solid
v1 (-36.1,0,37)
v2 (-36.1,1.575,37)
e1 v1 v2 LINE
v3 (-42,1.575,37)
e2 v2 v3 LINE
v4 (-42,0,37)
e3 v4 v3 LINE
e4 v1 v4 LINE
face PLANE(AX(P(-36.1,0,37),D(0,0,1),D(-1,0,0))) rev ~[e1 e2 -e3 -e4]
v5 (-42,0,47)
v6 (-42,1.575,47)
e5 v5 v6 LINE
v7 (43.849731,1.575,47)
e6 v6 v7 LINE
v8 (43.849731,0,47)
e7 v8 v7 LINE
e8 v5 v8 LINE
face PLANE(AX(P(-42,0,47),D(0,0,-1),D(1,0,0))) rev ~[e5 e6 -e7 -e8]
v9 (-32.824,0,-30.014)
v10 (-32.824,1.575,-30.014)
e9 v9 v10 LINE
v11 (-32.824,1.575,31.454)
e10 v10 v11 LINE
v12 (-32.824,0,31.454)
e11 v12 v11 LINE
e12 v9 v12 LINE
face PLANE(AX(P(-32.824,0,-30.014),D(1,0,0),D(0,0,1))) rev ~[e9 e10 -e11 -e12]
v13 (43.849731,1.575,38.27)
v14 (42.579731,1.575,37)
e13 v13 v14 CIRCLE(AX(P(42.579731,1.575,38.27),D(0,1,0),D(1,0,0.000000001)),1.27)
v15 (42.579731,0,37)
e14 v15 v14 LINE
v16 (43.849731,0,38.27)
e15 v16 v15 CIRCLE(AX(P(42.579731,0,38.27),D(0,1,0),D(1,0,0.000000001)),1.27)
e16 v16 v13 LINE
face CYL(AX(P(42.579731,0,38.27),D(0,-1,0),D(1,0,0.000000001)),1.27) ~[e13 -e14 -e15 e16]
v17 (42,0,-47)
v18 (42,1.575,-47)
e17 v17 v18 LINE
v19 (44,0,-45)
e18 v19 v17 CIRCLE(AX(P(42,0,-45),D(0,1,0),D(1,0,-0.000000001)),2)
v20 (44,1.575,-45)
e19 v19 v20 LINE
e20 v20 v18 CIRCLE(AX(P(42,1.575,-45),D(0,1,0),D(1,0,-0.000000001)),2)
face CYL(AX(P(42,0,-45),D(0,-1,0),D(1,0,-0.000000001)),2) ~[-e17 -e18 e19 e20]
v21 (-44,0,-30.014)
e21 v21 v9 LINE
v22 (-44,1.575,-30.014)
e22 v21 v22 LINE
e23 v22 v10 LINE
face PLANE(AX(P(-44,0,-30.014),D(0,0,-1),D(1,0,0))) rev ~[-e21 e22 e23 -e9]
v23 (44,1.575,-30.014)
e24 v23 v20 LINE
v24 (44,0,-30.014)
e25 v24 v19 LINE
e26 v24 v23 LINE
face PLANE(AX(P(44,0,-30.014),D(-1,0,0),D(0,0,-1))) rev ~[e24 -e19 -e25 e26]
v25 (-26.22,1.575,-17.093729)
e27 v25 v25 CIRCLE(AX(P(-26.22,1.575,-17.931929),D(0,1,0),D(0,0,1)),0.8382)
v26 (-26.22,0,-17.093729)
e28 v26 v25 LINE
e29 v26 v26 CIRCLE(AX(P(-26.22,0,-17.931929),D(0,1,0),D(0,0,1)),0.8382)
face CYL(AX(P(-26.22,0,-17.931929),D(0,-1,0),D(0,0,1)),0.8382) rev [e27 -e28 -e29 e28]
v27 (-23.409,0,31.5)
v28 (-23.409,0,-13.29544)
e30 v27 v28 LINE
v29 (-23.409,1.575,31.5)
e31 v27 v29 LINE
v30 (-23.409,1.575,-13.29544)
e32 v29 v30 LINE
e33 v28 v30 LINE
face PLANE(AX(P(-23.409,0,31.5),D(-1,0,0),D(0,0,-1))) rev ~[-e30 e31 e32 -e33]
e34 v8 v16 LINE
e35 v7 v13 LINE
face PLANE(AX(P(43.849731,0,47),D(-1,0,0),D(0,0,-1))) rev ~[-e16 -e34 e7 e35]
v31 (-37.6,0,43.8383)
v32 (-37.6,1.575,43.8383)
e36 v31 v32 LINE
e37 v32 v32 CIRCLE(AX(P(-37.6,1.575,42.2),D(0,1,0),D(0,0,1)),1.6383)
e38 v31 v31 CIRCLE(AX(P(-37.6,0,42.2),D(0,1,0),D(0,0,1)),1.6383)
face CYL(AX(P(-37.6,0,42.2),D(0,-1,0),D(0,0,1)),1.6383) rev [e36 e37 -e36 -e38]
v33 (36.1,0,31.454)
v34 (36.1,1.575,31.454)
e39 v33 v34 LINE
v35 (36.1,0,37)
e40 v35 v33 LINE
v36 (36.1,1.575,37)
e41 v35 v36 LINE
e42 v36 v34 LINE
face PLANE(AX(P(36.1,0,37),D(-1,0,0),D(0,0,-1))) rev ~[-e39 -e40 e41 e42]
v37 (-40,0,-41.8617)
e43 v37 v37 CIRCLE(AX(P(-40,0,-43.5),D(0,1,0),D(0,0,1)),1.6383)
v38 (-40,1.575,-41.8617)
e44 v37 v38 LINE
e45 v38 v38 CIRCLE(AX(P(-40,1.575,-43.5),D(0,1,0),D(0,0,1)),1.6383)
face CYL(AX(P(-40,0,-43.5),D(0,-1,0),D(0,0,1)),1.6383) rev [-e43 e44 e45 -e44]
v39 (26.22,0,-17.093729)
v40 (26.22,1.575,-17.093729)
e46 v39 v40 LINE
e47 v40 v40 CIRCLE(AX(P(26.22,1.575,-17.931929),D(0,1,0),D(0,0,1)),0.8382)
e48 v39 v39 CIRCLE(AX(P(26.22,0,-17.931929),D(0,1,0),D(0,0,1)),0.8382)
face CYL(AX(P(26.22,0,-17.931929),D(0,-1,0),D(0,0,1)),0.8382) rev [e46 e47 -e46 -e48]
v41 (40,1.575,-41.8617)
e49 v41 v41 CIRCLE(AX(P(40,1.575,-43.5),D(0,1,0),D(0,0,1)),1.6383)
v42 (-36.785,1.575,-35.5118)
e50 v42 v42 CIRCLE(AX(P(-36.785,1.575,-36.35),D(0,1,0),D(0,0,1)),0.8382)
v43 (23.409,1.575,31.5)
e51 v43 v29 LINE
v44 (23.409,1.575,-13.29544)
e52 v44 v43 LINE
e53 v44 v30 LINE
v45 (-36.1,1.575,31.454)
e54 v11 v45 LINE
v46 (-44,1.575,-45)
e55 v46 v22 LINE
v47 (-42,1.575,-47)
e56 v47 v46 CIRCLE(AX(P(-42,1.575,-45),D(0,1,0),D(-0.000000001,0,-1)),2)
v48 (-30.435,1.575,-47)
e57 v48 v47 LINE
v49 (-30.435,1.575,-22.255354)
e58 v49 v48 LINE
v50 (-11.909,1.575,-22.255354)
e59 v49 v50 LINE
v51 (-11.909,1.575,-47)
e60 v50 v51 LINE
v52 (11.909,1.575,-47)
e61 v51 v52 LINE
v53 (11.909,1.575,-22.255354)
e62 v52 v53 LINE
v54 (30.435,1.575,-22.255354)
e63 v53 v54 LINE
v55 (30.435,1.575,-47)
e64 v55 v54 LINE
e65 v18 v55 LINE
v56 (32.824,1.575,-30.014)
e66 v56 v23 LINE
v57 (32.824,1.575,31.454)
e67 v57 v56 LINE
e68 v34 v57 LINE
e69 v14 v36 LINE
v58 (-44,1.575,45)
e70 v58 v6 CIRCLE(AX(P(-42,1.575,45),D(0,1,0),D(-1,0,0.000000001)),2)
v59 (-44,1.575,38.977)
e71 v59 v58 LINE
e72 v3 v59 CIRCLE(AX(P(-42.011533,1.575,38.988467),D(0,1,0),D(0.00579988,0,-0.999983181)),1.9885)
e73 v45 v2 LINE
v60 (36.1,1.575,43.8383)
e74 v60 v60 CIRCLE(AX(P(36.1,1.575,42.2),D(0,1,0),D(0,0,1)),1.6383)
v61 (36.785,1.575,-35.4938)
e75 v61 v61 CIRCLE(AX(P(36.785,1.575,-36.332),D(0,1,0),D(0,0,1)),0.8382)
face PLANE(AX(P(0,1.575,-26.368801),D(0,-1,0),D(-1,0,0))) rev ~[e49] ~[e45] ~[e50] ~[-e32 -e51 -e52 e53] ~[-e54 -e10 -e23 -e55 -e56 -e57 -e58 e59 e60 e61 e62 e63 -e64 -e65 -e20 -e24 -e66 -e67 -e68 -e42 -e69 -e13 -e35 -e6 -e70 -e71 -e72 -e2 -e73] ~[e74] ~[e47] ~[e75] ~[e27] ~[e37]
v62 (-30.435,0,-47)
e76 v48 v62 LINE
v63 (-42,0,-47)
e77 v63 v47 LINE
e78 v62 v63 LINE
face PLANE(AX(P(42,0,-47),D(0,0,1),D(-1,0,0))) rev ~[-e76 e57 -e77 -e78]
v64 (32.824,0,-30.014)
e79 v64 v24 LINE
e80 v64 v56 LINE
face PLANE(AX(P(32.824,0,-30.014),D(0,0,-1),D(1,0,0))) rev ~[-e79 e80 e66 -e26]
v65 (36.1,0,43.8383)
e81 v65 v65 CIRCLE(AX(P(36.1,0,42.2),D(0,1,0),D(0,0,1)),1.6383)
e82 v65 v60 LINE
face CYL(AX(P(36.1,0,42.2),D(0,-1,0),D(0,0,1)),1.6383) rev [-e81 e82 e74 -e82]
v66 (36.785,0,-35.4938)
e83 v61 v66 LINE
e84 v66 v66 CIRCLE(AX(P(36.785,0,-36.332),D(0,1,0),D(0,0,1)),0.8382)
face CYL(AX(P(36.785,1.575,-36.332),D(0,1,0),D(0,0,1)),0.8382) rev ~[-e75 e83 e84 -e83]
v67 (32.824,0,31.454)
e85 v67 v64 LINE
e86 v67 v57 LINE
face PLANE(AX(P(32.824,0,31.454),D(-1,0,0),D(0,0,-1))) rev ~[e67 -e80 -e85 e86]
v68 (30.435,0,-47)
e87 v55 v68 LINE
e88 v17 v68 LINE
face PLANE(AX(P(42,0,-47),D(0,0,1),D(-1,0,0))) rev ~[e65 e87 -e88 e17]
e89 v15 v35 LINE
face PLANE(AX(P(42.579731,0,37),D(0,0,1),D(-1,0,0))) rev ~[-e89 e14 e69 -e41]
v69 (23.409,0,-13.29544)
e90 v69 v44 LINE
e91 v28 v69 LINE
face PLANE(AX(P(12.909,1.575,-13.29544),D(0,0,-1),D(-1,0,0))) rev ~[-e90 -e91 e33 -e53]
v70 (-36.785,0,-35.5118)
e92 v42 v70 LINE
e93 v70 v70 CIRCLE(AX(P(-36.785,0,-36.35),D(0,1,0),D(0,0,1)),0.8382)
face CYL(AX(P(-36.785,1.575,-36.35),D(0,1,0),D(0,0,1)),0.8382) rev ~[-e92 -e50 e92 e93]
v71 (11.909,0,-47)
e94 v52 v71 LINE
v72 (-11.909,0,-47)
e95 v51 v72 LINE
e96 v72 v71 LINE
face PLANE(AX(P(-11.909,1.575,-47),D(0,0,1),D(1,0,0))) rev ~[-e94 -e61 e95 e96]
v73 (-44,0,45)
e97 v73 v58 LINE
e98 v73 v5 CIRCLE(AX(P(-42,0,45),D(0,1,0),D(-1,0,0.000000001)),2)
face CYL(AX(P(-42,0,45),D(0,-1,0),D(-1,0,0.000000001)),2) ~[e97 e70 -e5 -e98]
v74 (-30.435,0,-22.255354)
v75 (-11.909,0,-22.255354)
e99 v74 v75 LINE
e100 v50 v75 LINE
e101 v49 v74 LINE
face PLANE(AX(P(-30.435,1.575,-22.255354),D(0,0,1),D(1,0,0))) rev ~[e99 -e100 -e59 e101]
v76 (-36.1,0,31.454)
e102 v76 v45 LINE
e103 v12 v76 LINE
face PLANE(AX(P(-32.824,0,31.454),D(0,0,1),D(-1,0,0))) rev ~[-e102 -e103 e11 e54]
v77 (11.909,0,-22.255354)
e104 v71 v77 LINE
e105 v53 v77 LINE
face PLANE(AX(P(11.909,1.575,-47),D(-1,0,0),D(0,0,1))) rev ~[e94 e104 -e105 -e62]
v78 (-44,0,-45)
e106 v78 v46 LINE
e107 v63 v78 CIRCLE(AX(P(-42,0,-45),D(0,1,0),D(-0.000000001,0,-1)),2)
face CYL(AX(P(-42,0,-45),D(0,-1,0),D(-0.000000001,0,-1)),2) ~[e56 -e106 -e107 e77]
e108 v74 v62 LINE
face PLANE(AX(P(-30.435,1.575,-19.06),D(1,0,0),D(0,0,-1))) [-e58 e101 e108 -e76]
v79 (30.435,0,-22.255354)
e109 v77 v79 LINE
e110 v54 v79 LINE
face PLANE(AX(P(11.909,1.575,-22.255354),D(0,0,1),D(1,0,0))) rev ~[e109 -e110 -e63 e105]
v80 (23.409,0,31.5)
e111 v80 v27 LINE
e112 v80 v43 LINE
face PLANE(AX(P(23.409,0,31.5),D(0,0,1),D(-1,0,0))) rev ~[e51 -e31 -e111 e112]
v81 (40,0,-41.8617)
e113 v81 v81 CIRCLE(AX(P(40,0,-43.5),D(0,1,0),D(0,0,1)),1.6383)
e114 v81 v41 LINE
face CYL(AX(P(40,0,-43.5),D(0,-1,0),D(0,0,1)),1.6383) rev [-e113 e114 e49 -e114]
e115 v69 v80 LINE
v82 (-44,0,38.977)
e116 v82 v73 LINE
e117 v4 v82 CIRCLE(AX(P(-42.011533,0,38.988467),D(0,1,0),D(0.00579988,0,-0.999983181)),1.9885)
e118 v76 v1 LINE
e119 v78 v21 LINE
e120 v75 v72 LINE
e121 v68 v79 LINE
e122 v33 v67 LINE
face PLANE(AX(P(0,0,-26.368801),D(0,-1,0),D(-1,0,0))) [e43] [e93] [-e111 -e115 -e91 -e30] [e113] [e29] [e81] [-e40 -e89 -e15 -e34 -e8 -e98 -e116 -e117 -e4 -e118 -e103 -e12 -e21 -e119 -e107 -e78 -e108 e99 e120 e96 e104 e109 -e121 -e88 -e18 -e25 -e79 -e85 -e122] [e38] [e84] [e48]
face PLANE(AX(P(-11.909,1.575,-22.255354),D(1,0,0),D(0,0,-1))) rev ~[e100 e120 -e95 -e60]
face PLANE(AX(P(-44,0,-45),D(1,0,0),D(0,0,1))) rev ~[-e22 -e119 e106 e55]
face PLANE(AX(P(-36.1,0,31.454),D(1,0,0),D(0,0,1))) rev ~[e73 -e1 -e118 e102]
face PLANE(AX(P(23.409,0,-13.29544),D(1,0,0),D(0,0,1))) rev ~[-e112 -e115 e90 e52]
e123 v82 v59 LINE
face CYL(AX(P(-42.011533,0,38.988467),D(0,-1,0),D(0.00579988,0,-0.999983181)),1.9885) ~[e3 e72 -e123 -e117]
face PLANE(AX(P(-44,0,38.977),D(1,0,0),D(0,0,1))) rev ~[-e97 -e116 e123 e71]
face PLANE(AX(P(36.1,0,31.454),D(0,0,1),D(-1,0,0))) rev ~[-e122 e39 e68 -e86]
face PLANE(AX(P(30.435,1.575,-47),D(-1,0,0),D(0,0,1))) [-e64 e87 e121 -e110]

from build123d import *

# Parameters (mm, degrees)
SKETCH1_R           = 1.6383
SKETCH1_R_2         = 0.8382
BOSS_EXTRUDE1_DEPTH = 1.575
CUT_EXTRUDE1_DEPTH  = 2.54
SKETCH15_R          = 0.8382
CUT_EXTRUDE5_DEPTH  = 1.575
BOSS_EXTRUDE2_DEPTH = 1.575


with BuildPart() as part:
    # Sketch1 → Boss-Extrude1 (new body)
    with BuildSketch(Plane(origin=(0, 0, 0), x_dir=(1, 0, 0), z_dir=(0, 1, 0))):
        with BuildLine():
            Line((-44, 45), (-44, 30.014))
            Line((-44, 30.014), (-32.824, 30.014))
            Line((-32.824, 30.014), (-32.824, -31.454))
            Line((-32.824, -31.454), (-36.100000052, -31.454))
            Line((-36.100000052, -31.454), (-36.100000052, -37))
            Line((-36.100000052, -37), (-41.999999948, -37))
            ThreePointArc((-41.999999948, -37), (-43.409459738, -37.574276641), (-43.999999948, -38.977))
            Line((-43.999999948, -38.977), (-43.999999948, -45))
            ThreePointArc((-43.999999948, -45), (-43.41421351, -46.414213562), (-41.999999948, -47))
            Line((-41.999999948, -47), (42.705916546, -47))
            Line((42.705916546, -47), (43.849731117, -47))
            Line((43.849731117, -47), (43.849731117, -38.27))
            ThreePointArc((43.849731117, -38.27), (43.47775673, -37.371974388), (42.579731117, -37))
            Line((42.579731117, -37), (36.100000052, -37))
            Line((36.100000052, -37), (36.100000052, -31.454))
            Line((36.100000052, -31.454), (32.824, -31.454))
            Line((32.824, -31.454), (32.824, 30.014))
            Line((32.824, 30.014), (44, 30.014))
            Line((44, 30.014), (44, 31.284))
            Line((44, 31.284), (44, 45))
            ThreePointArc((44, 45), (43.414213562, 46.414213562), (42, 47))
            Line((42, 47), (-42, 47))
            ThreePointArc((-42, 47), (-43.414213562, 46.414213562), (-44, 45))
        make_face()
        with Locations(Location((40, 43.5, 0), (0, 0, 270))):
            Circle(SKETCH1_R, mode=Mode.SUBTRACT)
        with Locations(Location((-40, 43.5, 0), (0, 0, 270))):
            Circle(SKETCH1_R, mode=Mode.SUBTRACT)
        with Locations(Location((-37.599999948, -42.2, 0), (0, 0, 270))):
            Circle(SKETCH1_R, mode=Mode.SUBTRACT)
        with Locations(Location((36.100000052, -42.2, 0), (0, 0, 270))):
            Circle(SKETCH1_R, mode=Mode.SUBTRACT)
        with Locations(Location((26.22, 17.931928709, 0), (0, 0, 270))):
            Circle(SKETCH1_R_2, mode=Mode.SUBTRACT)
        with Locations(Location((-26.22, 17.931928709, 0), (0, 0, 270))):
            Circle(SKETCH1_R_2, mode=Mode.SUBTRACT)
        Polygon((23.409, -31.5), (-23.409, -31.5), (-23.409, 13.29544), (-12.909, 13.29544), (-12.909, 25.99544), (12.909, 25.99544), (12.909, 13.29544), (23.409, 13.29544), align=None, mode=Mode.SUBTRACT)
    extrude(amount=BOSS_EXTRUDE1_DEPTH)

    # Sketch2 → Cut-Extrude1 (cut)
    with BuildSketch(Plane(origin=(0, 1.575, 0), x_dir=(1, 0, 0), z_dir=(0, 1, 0))):
        Polygon((-12.909, 19.06), (-30.435, 19.06), (-30.435, 47), (30.435, 47), (30.435, 19.06), (12.909, 19.06), (12.909, 25.99544), (-12.909, 25.99544), align=None)
    extrude(amount=-CUT_EXTRUDE1_DEPTH, mode=Mode.SUBTRACT)

    # Sketch15 → Cut-Extrude5 (cut)
    with BuildSketch(Plane(origin=(0, 1.575, 0), x_dir=(1, 0, 0), z_dir=(0, 1, 0))):
        with Locations(Location((-36.785, 36.35, 0), (0, 0, 270))):
            Circle(SKETCH15_R)
        with Locations(Location((36.785, 36.332, 0), (0, 0, 270))):
            Circle(SKETCH15_R)
    extrude(amount=-CUT_EXTRUDE5_DEPTH, mode=Mode.SUBTRACT)

    # Sketch16 → Boss-Extrude2 (add)
    with BuildSketch(Plane(origin=(0, 1.575, 0), x_dir=(1, 0, 0), z_dir=(0, 1, 0))):
        Polygon((12.909, 19.06), (12.909, 13.29544), (-12.909, 13.29544), (-12.909, 19.06), (-30.435, 19.06), (-30.435, 22.25535429), (-11.909, 22.25535429), (-11.909, 47), (11.909, 47), (11.909, 22.25535429), (30.435, 22.25535429), (30.435, 19.06), align=None)
    extrude(amount=-BOSS_EXTRUDE2_DEPTH)


solid = part.part
